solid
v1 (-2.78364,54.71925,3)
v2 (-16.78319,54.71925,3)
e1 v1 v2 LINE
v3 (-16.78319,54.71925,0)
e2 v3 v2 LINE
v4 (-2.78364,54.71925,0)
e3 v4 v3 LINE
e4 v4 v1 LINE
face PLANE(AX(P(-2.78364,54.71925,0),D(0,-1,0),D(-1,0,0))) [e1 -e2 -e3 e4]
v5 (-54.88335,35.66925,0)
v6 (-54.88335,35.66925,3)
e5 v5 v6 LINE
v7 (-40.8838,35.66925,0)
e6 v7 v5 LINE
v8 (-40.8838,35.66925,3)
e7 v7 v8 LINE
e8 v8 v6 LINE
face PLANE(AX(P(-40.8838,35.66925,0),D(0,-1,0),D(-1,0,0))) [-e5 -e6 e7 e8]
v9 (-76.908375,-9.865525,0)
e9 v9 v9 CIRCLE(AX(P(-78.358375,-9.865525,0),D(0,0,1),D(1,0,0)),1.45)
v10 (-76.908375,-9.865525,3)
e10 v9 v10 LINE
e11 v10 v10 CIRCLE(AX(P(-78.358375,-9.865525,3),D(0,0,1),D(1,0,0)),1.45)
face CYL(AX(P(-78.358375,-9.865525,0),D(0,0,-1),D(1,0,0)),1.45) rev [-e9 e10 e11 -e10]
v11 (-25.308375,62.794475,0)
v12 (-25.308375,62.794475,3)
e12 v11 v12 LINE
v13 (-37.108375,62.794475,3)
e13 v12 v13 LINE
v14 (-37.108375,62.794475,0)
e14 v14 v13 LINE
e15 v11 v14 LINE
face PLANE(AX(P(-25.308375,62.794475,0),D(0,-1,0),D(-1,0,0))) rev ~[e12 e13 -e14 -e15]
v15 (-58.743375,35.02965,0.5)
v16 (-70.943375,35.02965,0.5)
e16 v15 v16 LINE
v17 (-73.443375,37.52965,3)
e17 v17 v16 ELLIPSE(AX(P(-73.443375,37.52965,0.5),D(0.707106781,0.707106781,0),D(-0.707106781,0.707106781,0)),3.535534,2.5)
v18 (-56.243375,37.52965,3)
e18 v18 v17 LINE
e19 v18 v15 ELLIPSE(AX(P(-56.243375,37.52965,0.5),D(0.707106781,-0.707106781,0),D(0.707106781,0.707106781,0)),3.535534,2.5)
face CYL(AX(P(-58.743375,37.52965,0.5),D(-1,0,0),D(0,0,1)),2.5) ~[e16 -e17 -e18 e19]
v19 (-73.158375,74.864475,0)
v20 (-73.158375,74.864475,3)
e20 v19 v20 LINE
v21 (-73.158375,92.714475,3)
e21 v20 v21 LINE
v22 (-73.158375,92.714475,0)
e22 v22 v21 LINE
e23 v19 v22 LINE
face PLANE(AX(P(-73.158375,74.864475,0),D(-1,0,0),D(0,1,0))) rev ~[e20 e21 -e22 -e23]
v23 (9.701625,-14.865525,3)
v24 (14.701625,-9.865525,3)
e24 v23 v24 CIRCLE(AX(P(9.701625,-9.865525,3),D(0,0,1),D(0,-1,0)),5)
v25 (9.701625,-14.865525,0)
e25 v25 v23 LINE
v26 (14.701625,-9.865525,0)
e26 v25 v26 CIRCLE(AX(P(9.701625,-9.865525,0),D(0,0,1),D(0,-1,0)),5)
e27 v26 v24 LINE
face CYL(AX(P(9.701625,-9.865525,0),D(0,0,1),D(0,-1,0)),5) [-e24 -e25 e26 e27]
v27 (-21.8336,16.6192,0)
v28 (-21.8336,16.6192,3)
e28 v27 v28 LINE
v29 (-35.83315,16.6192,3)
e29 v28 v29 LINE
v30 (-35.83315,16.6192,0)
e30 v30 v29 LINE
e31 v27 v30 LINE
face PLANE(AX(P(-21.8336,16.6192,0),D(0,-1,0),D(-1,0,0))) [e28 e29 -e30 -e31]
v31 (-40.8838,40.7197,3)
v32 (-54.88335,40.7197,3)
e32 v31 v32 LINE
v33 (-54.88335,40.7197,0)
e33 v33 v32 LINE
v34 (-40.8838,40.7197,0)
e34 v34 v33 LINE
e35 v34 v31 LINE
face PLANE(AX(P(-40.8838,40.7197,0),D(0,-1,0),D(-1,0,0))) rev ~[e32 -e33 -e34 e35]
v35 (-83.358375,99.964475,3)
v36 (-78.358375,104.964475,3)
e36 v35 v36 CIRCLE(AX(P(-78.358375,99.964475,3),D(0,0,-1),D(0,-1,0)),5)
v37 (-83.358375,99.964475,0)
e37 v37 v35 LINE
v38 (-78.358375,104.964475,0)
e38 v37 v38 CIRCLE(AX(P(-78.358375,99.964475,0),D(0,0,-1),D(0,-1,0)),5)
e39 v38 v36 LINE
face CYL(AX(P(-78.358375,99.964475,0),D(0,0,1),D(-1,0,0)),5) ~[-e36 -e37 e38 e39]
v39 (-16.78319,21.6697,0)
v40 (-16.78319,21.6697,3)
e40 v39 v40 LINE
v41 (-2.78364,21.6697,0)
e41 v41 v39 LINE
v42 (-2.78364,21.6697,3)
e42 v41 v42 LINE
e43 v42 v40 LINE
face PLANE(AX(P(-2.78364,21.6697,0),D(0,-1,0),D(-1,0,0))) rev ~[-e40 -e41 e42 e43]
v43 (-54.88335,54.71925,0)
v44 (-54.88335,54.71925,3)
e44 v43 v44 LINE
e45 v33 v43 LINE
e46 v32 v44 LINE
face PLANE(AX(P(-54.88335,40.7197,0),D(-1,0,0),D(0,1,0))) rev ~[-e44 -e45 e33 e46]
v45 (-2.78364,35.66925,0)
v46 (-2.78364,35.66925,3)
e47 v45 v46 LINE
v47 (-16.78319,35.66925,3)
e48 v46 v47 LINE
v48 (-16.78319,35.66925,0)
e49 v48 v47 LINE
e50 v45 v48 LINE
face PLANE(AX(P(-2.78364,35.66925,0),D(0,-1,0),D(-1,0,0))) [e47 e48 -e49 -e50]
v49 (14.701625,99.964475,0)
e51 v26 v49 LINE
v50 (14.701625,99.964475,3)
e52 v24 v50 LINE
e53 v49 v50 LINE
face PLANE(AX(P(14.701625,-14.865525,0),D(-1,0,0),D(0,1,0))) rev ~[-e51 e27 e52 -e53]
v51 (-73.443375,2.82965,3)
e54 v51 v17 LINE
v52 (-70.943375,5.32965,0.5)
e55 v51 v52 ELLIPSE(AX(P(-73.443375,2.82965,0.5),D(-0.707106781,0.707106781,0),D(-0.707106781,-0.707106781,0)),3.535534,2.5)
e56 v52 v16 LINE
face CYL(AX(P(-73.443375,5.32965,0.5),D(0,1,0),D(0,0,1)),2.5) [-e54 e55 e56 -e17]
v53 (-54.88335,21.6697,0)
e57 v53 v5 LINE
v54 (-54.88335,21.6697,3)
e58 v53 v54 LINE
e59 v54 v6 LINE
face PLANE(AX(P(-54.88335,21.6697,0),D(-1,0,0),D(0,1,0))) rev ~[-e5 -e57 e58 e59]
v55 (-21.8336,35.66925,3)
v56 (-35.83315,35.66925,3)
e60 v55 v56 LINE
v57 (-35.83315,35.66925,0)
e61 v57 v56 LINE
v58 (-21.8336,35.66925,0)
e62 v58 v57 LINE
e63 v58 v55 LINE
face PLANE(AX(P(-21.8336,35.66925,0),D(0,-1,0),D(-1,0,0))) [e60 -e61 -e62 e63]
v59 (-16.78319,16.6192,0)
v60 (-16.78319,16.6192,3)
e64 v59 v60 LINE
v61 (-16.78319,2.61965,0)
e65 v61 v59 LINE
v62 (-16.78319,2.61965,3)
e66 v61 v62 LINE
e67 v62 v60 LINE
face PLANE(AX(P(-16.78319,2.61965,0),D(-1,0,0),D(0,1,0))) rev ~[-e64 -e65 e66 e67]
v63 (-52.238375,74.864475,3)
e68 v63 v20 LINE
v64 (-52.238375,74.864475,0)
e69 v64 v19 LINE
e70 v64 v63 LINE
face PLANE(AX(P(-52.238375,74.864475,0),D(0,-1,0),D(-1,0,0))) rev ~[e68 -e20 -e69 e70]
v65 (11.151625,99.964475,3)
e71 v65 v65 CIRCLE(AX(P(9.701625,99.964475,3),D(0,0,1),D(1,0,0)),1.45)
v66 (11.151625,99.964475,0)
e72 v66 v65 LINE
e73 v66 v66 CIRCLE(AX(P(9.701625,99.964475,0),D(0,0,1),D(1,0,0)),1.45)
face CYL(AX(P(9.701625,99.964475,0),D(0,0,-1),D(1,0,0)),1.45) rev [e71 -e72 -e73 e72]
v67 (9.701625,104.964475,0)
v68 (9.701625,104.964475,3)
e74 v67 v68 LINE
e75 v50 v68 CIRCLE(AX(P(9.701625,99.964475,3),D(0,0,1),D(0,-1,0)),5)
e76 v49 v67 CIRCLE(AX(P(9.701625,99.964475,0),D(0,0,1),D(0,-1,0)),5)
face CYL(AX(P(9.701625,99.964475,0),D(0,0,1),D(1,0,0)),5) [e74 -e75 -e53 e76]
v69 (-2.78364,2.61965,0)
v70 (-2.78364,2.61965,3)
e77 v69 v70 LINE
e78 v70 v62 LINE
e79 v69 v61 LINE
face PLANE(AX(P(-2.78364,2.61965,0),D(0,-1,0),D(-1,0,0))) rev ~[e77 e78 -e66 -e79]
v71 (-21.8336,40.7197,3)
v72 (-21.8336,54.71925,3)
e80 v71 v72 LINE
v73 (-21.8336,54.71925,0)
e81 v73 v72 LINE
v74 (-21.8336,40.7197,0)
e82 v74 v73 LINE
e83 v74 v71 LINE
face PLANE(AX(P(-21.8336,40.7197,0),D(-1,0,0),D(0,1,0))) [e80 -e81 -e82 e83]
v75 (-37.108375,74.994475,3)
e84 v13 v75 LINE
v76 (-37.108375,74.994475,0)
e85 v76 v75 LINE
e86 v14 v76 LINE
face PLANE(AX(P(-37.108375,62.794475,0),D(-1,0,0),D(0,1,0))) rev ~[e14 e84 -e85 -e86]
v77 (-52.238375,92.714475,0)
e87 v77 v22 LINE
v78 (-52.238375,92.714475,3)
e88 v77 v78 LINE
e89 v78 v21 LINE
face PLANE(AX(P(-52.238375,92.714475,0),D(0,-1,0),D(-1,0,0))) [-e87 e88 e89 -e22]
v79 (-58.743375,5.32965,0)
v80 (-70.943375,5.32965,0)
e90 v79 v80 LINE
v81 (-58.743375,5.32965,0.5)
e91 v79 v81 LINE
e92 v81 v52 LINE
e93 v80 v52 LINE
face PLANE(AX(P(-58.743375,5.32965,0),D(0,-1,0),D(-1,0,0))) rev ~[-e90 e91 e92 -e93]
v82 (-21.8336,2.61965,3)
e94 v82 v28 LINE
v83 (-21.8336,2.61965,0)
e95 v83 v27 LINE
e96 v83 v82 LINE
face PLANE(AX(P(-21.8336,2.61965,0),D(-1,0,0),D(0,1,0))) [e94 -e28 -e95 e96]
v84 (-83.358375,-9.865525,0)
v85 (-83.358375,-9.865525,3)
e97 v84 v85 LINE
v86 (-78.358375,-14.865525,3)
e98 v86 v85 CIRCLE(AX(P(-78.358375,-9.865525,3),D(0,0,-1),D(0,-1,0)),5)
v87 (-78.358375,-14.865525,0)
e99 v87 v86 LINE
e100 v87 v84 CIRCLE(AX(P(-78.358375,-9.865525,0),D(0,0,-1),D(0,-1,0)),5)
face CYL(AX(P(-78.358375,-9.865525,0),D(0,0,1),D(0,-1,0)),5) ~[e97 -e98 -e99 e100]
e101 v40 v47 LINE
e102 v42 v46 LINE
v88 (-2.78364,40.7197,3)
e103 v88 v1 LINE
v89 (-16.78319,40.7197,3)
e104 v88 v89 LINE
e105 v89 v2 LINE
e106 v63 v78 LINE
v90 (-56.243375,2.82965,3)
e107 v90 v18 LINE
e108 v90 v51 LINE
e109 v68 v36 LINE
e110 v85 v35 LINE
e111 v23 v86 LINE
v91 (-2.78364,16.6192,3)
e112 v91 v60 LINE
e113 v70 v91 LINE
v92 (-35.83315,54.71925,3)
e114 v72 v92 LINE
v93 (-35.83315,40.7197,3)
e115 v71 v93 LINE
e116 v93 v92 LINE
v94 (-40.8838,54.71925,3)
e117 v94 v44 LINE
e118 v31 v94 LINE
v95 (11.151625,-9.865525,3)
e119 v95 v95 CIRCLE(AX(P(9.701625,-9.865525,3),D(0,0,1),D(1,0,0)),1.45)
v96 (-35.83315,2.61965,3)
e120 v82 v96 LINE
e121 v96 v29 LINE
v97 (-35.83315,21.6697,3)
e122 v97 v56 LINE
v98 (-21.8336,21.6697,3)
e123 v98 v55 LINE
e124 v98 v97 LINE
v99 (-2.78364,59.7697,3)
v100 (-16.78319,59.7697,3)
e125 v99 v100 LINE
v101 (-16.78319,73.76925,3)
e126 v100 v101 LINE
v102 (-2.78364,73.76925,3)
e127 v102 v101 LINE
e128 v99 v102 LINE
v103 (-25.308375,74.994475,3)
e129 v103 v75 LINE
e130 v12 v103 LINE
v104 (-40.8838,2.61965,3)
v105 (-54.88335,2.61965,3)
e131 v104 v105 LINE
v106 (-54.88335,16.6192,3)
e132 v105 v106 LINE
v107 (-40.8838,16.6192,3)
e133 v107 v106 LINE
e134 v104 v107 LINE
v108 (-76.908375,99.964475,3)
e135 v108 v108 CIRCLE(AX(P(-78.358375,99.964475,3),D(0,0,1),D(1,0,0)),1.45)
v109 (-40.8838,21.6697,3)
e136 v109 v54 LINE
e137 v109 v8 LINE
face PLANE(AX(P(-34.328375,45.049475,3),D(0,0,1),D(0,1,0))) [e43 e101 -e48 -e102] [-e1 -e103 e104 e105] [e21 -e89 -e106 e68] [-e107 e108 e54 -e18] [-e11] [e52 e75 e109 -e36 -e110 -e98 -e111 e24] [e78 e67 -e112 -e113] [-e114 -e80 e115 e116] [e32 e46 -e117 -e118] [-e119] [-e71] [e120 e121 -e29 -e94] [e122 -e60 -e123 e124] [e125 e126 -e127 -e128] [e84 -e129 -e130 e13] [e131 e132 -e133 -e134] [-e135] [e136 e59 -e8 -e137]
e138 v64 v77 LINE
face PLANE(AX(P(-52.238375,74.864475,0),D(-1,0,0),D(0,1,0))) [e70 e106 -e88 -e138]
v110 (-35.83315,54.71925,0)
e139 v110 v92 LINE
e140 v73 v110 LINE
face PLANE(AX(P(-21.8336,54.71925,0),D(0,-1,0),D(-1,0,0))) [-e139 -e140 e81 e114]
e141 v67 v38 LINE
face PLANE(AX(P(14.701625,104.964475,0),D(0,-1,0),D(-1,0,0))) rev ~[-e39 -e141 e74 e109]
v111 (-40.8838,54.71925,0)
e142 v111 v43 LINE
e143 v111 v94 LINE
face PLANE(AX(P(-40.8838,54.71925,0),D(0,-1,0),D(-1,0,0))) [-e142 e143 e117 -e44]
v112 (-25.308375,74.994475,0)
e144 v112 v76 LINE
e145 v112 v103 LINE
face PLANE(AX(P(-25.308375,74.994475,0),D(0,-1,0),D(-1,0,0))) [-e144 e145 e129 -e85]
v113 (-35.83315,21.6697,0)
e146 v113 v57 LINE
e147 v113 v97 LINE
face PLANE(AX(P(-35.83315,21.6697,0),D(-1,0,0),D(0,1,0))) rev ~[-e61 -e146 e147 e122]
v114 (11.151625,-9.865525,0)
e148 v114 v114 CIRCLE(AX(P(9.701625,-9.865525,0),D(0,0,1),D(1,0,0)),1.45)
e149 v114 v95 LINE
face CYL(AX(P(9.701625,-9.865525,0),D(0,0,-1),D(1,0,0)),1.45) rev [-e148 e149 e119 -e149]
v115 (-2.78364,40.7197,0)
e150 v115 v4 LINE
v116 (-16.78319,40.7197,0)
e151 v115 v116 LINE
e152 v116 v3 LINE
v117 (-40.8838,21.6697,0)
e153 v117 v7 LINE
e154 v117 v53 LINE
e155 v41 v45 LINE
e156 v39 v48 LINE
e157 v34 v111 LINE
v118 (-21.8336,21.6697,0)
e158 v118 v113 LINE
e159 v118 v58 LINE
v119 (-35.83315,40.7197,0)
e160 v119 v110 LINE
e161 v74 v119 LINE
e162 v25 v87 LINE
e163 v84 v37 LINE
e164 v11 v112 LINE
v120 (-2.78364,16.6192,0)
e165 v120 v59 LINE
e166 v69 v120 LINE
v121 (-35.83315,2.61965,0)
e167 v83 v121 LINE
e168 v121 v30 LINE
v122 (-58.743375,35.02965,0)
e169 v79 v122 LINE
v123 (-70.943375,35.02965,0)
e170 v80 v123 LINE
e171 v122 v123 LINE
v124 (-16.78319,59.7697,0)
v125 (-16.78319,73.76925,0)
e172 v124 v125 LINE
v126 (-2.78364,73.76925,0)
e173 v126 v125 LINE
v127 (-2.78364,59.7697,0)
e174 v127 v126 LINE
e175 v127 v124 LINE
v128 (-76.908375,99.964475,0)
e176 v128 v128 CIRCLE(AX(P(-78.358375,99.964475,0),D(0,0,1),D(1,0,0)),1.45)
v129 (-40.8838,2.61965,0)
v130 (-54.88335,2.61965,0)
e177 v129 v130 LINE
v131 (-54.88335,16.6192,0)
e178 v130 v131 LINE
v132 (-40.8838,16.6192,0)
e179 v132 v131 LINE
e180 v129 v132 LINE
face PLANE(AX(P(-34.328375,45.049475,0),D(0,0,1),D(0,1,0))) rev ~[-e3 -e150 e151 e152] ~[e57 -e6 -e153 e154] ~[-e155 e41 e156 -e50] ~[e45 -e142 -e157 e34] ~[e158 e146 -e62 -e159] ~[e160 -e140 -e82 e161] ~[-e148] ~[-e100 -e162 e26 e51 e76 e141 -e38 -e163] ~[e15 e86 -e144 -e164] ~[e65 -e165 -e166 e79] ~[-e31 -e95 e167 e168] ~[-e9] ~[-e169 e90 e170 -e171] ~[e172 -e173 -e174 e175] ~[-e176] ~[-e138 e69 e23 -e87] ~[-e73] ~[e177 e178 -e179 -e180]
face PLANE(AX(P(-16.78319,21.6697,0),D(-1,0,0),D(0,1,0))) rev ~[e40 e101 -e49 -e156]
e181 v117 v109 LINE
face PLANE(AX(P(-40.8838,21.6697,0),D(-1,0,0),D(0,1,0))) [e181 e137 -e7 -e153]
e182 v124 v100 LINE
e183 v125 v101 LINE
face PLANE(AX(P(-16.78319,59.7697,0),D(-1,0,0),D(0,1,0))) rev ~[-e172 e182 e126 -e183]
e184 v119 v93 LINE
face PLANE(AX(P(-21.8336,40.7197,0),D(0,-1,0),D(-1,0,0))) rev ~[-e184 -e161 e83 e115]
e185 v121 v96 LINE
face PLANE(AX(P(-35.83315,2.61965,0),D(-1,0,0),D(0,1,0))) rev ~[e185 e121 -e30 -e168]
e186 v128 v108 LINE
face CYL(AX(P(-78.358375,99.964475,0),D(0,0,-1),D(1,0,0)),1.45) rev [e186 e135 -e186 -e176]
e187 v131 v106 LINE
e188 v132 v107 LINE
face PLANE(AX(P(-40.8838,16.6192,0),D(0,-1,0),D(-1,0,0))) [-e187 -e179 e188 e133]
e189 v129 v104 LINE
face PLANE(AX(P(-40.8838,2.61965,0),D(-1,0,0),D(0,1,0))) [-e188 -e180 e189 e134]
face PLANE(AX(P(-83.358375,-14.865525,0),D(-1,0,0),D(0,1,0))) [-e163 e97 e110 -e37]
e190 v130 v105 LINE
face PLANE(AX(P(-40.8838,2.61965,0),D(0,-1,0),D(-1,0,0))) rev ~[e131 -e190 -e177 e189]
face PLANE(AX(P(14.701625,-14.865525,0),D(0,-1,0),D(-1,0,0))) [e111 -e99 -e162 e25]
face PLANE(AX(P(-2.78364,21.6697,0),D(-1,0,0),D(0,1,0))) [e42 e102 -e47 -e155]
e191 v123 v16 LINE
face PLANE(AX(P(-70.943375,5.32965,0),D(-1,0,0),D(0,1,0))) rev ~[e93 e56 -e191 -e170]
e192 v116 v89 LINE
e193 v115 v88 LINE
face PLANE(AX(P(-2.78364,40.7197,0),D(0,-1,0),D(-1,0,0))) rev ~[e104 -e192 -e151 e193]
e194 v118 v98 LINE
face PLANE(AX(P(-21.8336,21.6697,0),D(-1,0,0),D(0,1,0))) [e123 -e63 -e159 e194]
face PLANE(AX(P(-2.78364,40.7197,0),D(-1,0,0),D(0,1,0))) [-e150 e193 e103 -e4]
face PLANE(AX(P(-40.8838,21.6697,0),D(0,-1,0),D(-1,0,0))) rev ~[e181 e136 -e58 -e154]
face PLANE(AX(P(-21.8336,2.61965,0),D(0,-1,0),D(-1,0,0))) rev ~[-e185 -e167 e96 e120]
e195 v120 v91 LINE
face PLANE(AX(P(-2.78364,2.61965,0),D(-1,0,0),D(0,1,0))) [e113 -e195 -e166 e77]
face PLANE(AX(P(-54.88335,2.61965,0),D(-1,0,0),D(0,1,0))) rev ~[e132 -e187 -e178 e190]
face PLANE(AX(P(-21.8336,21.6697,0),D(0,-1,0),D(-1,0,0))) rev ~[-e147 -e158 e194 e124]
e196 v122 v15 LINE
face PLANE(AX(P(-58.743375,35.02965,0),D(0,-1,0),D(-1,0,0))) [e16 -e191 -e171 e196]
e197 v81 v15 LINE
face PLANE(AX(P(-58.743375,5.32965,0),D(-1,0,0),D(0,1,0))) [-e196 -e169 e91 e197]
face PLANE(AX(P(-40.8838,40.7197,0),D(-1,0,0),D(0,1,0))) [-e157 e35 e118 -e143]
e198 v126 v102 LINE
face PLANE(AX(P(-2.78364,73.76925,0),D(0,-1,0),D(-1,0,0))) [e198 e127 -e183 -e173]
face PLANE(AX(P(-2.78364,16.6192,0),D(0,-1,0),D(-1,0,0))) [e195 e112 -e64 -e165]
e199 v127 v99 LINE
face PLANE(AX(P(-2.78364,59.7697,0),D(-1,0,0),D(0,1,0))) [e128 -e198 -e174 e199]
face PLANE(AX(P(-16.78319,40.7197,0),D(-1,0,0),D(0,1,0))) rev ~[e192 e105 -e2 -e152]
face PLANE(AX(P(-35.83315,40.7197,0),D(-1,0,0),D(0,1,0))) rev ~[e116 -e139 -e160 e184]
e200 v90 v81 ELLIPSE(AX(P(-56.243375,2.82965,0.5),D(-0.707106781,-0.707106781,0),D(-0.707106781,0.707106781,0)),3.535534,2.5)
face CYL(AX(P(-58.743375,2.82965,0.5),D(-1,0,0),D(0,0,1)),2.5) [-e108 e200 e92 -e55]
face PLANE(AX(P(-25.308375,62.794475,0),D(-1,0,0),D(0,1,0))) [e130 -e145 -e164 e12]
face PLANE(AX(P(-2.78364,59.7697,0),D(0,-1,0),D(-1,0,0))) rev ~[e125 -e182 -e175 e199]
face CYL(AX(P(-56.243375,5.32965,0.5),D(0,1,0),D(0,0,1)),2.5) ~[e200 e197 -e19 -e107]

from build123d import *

# Parameters (mm, degrees)
SKETCH6_W           = 119.83
SKETCH6_H           = 98.06
SKETCH6_R           = 1.45
SKETCH6_W_2         = 12.2
SKETCH6_H_2         = 11.8
SKETCH6_W_3         = 13.99955
SKETCH6_H_3         = 13.99955
SKETCH6_W_4         = 29.7
SKETCH6_H_4         = 12.2
SKETCH6_W_5         = 17.85
SKETCH6_H_5         = 20.92
BOSS_EXTRUDE1_DEPTH = 3
FILLET1_R           = 5
FILLET2_R           = 2.5


with BuildPart() as part:
    # Sketch6 → Boss-Extrude1 (new body)
    with BuildSketch(Plane(origin=(0, 0, 0), x_dir=(0, 1, 0), z_dir=(0, 0, 1))):
        with Locations((45.049475, 34.328375)):
            Rectangle(SKETCH6_W, SKETCH6_H)
        with Locations(Location((-9.865525, 78.358375, 0), (0, 0, 270))):
            Circle(SKETCH6_R, mode=Mode.SUBTRACT)
        with Locations(Location((-9.865525, -9.701625, 0), (0, 0, 270))):
            Circle(SKETCH6_R, mode=Mode.SUBTRACT)
        with Locations(Location((99.964475, -9.701625, 0), (0, 0, 270))):
            Circle(SKETCH6_R, mode=Mode.SUBTRACT)
        with Locations(Location((99.964475, 78.358375, 0), (0, 0, 270))):
            Circle(SKETCH6_R, mode=Mode.SUBTRACT)
        with Locations((68.894475, 31.208375)):
            Rectangle(SKETCH6_W_2, SKETCH6_H_2, mode=Mode.SUBTRACT)
        with Locations((28.669475, 28.833375)):
            Rectangle(SKETCH6_W_3, SKETCH6_H_3, mode=Mode.SUBTRACT)
        with Locations((47.719475, 28.833375)):
            Rectangle(SKETCH6_W_3, SKETCH6_H_3, mode=Mode.SUBTRACT)
        with Locations((66.769475, 9.783415)):
            Rectangle(SKETCH6_W_3, SKETCH6_H_3, mode=Mode.SUBTRACT)
        with Locations((47.719475, 9.783415)):
            Rectangle(SKETCH6_W_3, SKETCH6_H_3, mode=Mode.SUBTRACT)
        with Locations((28.669475, 9.783415)):
            Rectangle(SKETCH6_W_3, SKETCH6_H_3, mode=Mode.SUBTRACT)
        with Locations((9.619425, 9.783415)):
            Rectangle(SKETCH6_W_3, SKETCH6_H_3, mode=Mode.SUBTRACT)
        with Locations((9.619425, 28.833375)):
            Rectangle(SKETCH6_W_3, SKETCH6_H_3, mode=Mode.SUBTRACT)
        with Locations((9.619425, 47.883575)):
            Rectangle(SKETCH6_W_3, SKETCH6_H_3, mode=Mode.SUBTRACT)
        with Locations((28.669475, 47.883575)):
            Rectangle(SKETCH6_W_3, SKETCH6_H_3, mode=Mode.SUBTRACT)
        with Locations((47.719475, 47.883575)):
            Rectangle(SKETCH6_W_3, SKETCH6_H_3, mode=Mode.SUBTRACT)
        with Locations((20.17965, 64.843375)):
            Rectangle(SKETCH6_W_4, SKETCH6_H_4, mode=Mode.SUBTRACT)
        with Locations((83.789475, 62.698375)):
            Rectangle(SKETCH6_W_5, SKETCH6_H_5, mode=Mode.SUBTRACT)
    extrude(amount=BOSS_EXTRUDE1_DEPTH)

    # Fillet1
    fillet1_edges = [part.edges().sort_by_distance(p)[0] for p in [
        (-83.358375, 104.964475, 1.5),
        (14.701625, 104.964475, 1.5),
        (14.701625, -14.865525, 1.5),
        (-83.358375, -14.865525, 1.5),
    ]]
    fillet(fillet1_edges, radius=FILLET1_R)

    # Fillet2
    fillet2_edges = [part.edges().sort_by_distance(p)[0] for p in [
        (-64.843375, 5.32965, 3),
        (-58.743375, 20.17965, 3),
        (-64.843375, 35.02965, 3),
        (-70.943375, 20.17965, 3),
    ]]
    fillet(fillet2_edges, radius=FILLET2_R)


solid = part.part
